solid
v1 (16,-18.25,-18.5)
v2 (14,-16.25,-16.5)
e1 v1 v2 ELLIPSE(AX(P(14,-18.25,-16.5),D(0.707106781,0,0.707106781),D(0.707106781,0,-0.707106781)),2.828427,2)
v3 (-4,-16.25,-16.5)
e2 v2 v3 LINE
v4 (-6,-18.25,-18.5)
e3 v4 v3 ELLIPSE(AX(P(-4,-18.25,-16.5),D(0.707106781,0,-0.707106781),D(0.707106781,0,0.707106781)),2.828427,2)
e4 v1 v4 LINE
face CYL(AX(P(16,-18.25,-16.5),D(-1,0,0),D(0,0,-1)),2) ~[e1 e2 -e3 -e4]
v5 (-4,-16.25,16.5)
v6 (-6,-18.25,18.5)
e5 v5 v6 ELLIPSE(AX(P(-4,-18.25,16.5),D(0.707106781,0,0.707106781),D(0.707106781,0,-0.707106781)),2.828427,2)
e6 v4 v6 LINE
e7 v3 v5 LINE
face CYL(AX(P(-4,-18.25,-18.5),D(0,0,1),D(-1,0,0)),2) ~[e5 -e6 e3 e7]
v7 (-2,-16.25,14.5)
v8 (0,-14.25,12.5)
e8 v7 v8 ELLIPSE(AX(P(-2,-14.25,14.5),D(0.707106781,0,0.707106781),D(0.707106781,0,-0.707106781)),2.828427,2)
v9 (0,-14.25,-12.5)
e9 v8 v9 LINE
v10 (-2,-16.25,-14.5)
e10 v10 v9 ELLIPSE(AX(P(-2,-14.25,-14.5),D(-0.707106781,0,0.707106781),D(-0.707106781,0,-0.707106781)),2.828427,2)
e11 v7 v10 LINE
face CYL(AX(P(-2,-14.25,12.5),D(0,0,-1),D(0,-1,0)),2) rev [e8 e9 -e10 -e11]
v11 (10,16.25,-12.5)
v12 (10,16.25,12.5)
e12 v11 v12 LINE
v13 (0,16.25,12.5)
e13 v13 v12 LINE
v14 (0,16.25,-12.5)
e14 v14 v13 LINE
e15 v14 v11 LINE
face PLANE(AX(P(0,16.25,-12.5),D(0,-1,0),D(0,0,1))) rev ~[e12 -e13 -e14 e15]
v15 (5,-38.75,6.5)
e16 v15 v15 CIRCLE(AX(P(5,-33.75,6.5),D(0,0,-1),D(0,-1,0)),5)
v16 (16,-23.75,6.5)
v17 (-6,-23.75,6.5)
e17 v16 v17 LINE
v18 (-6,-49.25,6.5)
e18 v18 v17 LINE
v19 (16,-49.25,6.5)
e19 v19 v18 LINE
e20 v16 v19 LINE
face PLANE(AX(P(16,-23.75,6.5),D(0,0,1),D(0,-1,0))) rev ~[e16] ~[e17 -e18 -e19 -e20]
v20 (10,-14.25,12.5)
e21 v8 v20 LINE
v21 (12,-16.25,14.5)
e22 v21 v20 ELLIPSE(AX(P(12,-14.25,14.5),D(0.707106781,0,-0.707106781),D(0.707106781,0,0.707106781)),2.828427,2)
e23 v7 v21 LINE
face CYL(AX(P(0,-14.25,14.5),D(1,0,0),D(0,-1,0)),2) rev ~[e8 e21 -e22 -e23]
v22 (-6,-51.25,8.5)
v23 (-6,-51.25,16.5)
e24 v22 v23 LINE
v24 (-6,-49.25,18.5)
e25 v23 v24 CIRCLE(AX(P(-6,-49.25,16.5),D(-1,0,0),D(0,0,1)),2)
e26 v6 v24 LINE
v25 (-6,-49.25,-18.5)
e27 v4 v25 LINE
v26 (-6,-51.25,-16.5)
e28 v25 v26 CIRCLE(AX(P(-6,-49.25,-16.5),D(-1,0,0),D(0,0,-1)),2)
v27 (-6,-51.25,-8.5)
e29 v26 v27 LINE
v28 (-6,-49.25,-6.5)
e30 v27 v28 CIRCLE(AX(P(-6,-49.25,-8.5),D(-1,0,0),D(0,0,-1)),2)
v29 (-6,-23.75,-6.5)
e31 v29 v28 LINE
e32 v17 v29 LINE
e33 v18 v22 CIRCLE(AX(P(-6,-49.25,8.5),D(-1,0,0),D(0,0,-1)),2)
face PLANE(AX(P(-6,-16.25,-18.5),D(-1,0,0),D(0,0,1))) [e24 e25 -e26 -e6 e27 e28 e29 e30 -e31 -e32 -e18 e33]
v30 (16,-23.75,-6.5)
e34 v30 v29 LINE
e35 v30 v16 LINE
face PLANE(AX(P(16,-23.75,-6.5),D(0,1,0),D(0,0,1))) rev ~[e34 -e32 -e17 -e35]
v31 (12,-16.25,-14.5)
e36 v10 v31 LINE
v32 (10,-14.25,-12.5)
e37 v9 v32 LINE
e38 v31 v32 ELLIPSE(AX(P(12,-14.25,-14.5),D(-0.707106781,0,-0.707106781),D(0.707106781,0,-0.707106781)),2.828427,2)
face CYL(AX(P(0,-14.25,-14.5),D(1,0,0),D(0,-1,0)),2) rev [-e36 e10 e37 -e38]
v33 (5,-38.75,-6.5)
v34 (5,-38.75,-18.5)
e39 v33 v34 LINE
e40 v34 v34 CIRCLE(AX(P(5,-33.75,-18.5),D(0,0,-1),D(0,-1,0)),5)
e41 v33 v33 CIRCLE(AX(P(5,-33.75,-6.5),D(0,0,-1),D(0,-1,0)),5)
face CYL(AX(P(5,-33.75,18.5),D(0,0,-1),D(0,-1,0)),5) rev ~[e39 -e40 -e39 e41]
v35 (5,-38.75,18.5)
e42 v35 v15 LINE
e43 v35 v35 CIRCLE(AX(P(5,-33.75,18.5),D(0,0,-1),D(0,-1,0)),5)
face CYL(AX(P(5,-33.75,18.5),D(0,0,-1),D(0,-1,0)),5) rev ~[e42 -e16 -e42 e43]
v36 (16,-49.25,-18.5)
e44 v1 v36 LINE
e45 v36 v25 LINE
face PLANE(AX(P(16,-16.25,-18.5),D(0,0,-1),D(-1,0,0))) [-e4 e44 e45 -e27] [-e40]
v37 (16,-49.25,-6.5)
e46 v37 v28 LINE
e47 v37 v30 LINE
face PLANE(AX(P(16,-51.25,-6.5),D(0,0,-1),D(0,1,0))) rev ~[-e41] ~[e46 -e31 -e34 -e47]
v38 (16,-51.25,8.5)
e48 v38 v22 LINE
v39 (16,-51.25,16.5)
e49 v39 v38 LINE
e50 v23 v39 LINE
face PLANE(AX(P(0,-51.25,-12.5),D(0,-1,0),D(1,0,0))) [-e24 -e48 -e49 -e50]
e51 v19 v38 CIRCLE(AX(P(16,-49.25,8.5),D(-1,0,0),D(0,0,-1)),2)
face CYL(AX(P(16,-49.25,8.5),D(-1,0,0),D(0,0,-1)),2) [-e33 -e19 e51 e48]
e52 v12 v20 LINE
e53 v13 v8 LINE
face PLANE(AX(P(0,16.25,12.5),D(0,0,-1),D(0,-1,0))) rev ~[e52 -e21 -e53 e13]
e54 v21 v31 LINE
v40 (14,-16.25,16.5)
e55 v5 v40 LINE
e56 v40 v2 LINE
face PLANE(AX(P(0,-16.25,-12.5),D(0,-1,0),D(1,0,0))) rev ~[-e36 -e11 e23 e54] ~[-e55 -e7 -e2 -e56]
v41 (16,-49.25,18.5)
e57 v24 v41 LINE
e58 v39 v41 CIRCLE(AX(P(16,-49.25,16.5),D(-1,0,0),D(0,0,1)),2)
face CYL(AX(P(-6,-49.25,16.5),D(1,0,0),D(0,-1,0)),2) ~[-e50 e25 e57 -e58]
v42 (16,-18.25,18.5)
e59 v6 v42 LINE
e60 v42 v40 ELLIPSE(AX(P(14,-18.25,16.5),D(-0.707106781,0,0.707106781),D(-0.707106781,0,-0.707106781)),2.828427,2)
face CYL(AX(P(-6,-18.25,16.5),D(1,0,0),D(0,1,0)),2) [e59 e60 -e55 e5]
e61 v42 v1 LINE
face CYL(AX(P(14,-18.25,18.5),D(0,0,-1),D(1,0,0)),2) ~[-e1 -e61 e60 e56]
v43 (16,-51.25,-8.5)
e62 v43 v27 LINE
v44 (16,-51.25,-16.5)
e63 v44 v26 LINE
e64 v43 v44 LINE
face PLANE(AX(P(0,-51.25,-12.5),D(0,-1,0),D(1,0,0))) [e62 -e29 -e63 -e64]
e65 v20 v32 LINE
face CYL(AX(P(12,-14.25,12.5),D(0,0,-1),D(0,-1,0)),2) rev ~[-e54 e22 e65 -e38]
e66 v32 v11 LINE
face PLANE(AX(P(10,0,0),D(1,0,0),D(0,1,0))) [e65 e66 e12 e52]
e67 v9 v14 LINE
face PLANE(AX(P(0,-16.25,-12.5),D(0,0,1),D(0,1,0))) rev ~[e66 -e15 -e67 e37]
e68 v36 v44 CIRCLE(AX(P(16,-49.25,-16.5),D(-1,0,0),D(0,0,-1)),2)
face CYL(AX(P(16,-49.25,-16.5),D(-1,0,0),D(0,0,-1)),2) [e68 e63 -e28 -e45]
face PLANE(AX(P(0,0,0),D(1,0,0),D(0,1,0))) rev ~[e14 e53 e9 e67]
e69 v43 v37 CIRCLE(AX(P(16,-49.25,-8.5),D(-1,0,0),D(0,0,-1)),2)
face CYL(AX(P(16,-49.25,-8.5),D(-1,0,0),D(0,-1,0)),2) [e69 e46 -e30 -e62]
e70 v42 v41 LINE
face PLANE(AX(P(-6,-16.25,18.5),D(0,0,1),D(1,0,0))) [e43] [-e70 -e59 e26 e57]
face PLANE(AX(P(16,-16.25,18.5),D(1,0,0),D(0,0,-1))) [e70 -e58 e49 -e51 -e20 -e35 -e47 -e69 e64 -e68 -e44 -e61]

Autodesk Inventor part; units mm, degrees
ref_plane "YZ Plane" through (0, 0, 0) normal (1, 0, 0) x (0, 1, 0)
ref_plane "XZ Plane" through (0, 0, 0) normal (0, 1, 0) x (-1, 0, 0)
ref_plane "XY Plane" through (0, 0, 0) normal (0, 0, 1) x (1, 0, 0)
sketch "Sketch1" plane through (0, 0, 0) normal (1, 0, 0) x (0, 1, 0)
  line L0 (16.25, 12.5) -> (-16.25, 12.5)
  line L1 (-16.25, 12.5) -> (-16.25, -12.5)
  line L2 (-16.25, -12.5) -> (16.25, -12.5)
  line L3 (16.25, -12.5) -> (16.25, 12.5)
  point P0 (0, 0)
  dimension "d0" = 25
  dimension "d1" = 32.5
  dimension "d2" = 16.25
  dimension "d3" = 12.5
extrude "sandwich_plate" add sketch "Sketch1" along normal blind 10
sketch "Sketch2" plane through (0, -16.25, -12.5) normal (0, -1, 0) x (1, 0, 0)
  line L0 (16, -6) -> (-6, -6)
  line L1 (-6, -6) -> (-6, 31)
  line L2 (-6, 31) -> (16, 31)
  line L3 (16, 31) -> (16, -6)
  line L4 (0, 25) -> (10, 25) projected
  line L5 (0, 0) -> (10, 0) projected
  line L6 (10, 25) -> (10, 0) projected
  line L7 (0, 25) -> (0, 0) projected
  point P0 (0, 12.5)
  dimension "d9" = 6
  dimension "d10" = 6
  dimension "d11" = 6
  dimension "d12" = 6
extrude "clamp_length" add sketch "Sketch2" along normal blind 35 contours L0 L1 L2 L3 | L4 L6 L5 L7
sketch "Sketch3" plane through (16, -16.25, 18.5) normal (1, 0, 0) x (0, 0, -1)
  line L0 (0, -35) -> (37, -35) projected
  line L1 (12, -35) -> (25, -35)
  line L2 (25, -35) -> (25, -7.5)
  line L3 (25, -7.5) -> (12, -7.5)
  line L4 (12, -7.5) -> (12, -35)
  line L5 (37, 0) -> (0, 0) projected
  line L6 (0, 0) -> (0, -35) projected
  line L7 (37, 0) -> (37, -35) projected
  point P0 (18.5, 16.25)
  dimension "d14" = 7.5
  dimension "d15" = 12
  dimension "d16" = 12
extrude "slot" cut sketch "Sketch3" against normal through all contours L4 L3 L2 L0
fillet "Fillet1" radius 2 12 edges at (5, -16.25, 12.5) (10, -16.25, 0) (0, -16.25, 0) (5, -16.25, -12.5) (16, -16.25, 0) (5, -16.25, 18.5) (-6, -16.25, 0) (5, -16.25, -18.5) (5, -51.25, 6.5) (5, -51.25, -6.5) (5, -51.25, 18.5) (5, -51.25, -18.5)
sketch "Sketch4" plane through (-6, -51.25, 18.5) normal (0, 0, 1) x (1, 0, 0)
  line L0 (22, 33) -> (22, 0) projected
  line L1 (22, 0) -> (0, 0) projected
  point P0 (6, 51.25)
  point P1 (11, 17.5)
  dimension "d20" = 11
  dimension "d21" = 17.5
hole "Hole1" at (5, -33.75, 18.5) direction (0, 0, -1) diameter 10 end through all
equation "\"d2\" = 0.5 * d1"
equation "\"d3\" = 0.5 * d0"
equation "\"d10\" = d9"
equation "\"d11\" = d9"
equation "\"d12\" = d11"
equation "\"d16\" = d15"
equation "\"d21\" = 0.5 * d7"
equation "\"d7\" = 35"
properties part number "support_sandwichPlate" material "Steel, Carbon"
